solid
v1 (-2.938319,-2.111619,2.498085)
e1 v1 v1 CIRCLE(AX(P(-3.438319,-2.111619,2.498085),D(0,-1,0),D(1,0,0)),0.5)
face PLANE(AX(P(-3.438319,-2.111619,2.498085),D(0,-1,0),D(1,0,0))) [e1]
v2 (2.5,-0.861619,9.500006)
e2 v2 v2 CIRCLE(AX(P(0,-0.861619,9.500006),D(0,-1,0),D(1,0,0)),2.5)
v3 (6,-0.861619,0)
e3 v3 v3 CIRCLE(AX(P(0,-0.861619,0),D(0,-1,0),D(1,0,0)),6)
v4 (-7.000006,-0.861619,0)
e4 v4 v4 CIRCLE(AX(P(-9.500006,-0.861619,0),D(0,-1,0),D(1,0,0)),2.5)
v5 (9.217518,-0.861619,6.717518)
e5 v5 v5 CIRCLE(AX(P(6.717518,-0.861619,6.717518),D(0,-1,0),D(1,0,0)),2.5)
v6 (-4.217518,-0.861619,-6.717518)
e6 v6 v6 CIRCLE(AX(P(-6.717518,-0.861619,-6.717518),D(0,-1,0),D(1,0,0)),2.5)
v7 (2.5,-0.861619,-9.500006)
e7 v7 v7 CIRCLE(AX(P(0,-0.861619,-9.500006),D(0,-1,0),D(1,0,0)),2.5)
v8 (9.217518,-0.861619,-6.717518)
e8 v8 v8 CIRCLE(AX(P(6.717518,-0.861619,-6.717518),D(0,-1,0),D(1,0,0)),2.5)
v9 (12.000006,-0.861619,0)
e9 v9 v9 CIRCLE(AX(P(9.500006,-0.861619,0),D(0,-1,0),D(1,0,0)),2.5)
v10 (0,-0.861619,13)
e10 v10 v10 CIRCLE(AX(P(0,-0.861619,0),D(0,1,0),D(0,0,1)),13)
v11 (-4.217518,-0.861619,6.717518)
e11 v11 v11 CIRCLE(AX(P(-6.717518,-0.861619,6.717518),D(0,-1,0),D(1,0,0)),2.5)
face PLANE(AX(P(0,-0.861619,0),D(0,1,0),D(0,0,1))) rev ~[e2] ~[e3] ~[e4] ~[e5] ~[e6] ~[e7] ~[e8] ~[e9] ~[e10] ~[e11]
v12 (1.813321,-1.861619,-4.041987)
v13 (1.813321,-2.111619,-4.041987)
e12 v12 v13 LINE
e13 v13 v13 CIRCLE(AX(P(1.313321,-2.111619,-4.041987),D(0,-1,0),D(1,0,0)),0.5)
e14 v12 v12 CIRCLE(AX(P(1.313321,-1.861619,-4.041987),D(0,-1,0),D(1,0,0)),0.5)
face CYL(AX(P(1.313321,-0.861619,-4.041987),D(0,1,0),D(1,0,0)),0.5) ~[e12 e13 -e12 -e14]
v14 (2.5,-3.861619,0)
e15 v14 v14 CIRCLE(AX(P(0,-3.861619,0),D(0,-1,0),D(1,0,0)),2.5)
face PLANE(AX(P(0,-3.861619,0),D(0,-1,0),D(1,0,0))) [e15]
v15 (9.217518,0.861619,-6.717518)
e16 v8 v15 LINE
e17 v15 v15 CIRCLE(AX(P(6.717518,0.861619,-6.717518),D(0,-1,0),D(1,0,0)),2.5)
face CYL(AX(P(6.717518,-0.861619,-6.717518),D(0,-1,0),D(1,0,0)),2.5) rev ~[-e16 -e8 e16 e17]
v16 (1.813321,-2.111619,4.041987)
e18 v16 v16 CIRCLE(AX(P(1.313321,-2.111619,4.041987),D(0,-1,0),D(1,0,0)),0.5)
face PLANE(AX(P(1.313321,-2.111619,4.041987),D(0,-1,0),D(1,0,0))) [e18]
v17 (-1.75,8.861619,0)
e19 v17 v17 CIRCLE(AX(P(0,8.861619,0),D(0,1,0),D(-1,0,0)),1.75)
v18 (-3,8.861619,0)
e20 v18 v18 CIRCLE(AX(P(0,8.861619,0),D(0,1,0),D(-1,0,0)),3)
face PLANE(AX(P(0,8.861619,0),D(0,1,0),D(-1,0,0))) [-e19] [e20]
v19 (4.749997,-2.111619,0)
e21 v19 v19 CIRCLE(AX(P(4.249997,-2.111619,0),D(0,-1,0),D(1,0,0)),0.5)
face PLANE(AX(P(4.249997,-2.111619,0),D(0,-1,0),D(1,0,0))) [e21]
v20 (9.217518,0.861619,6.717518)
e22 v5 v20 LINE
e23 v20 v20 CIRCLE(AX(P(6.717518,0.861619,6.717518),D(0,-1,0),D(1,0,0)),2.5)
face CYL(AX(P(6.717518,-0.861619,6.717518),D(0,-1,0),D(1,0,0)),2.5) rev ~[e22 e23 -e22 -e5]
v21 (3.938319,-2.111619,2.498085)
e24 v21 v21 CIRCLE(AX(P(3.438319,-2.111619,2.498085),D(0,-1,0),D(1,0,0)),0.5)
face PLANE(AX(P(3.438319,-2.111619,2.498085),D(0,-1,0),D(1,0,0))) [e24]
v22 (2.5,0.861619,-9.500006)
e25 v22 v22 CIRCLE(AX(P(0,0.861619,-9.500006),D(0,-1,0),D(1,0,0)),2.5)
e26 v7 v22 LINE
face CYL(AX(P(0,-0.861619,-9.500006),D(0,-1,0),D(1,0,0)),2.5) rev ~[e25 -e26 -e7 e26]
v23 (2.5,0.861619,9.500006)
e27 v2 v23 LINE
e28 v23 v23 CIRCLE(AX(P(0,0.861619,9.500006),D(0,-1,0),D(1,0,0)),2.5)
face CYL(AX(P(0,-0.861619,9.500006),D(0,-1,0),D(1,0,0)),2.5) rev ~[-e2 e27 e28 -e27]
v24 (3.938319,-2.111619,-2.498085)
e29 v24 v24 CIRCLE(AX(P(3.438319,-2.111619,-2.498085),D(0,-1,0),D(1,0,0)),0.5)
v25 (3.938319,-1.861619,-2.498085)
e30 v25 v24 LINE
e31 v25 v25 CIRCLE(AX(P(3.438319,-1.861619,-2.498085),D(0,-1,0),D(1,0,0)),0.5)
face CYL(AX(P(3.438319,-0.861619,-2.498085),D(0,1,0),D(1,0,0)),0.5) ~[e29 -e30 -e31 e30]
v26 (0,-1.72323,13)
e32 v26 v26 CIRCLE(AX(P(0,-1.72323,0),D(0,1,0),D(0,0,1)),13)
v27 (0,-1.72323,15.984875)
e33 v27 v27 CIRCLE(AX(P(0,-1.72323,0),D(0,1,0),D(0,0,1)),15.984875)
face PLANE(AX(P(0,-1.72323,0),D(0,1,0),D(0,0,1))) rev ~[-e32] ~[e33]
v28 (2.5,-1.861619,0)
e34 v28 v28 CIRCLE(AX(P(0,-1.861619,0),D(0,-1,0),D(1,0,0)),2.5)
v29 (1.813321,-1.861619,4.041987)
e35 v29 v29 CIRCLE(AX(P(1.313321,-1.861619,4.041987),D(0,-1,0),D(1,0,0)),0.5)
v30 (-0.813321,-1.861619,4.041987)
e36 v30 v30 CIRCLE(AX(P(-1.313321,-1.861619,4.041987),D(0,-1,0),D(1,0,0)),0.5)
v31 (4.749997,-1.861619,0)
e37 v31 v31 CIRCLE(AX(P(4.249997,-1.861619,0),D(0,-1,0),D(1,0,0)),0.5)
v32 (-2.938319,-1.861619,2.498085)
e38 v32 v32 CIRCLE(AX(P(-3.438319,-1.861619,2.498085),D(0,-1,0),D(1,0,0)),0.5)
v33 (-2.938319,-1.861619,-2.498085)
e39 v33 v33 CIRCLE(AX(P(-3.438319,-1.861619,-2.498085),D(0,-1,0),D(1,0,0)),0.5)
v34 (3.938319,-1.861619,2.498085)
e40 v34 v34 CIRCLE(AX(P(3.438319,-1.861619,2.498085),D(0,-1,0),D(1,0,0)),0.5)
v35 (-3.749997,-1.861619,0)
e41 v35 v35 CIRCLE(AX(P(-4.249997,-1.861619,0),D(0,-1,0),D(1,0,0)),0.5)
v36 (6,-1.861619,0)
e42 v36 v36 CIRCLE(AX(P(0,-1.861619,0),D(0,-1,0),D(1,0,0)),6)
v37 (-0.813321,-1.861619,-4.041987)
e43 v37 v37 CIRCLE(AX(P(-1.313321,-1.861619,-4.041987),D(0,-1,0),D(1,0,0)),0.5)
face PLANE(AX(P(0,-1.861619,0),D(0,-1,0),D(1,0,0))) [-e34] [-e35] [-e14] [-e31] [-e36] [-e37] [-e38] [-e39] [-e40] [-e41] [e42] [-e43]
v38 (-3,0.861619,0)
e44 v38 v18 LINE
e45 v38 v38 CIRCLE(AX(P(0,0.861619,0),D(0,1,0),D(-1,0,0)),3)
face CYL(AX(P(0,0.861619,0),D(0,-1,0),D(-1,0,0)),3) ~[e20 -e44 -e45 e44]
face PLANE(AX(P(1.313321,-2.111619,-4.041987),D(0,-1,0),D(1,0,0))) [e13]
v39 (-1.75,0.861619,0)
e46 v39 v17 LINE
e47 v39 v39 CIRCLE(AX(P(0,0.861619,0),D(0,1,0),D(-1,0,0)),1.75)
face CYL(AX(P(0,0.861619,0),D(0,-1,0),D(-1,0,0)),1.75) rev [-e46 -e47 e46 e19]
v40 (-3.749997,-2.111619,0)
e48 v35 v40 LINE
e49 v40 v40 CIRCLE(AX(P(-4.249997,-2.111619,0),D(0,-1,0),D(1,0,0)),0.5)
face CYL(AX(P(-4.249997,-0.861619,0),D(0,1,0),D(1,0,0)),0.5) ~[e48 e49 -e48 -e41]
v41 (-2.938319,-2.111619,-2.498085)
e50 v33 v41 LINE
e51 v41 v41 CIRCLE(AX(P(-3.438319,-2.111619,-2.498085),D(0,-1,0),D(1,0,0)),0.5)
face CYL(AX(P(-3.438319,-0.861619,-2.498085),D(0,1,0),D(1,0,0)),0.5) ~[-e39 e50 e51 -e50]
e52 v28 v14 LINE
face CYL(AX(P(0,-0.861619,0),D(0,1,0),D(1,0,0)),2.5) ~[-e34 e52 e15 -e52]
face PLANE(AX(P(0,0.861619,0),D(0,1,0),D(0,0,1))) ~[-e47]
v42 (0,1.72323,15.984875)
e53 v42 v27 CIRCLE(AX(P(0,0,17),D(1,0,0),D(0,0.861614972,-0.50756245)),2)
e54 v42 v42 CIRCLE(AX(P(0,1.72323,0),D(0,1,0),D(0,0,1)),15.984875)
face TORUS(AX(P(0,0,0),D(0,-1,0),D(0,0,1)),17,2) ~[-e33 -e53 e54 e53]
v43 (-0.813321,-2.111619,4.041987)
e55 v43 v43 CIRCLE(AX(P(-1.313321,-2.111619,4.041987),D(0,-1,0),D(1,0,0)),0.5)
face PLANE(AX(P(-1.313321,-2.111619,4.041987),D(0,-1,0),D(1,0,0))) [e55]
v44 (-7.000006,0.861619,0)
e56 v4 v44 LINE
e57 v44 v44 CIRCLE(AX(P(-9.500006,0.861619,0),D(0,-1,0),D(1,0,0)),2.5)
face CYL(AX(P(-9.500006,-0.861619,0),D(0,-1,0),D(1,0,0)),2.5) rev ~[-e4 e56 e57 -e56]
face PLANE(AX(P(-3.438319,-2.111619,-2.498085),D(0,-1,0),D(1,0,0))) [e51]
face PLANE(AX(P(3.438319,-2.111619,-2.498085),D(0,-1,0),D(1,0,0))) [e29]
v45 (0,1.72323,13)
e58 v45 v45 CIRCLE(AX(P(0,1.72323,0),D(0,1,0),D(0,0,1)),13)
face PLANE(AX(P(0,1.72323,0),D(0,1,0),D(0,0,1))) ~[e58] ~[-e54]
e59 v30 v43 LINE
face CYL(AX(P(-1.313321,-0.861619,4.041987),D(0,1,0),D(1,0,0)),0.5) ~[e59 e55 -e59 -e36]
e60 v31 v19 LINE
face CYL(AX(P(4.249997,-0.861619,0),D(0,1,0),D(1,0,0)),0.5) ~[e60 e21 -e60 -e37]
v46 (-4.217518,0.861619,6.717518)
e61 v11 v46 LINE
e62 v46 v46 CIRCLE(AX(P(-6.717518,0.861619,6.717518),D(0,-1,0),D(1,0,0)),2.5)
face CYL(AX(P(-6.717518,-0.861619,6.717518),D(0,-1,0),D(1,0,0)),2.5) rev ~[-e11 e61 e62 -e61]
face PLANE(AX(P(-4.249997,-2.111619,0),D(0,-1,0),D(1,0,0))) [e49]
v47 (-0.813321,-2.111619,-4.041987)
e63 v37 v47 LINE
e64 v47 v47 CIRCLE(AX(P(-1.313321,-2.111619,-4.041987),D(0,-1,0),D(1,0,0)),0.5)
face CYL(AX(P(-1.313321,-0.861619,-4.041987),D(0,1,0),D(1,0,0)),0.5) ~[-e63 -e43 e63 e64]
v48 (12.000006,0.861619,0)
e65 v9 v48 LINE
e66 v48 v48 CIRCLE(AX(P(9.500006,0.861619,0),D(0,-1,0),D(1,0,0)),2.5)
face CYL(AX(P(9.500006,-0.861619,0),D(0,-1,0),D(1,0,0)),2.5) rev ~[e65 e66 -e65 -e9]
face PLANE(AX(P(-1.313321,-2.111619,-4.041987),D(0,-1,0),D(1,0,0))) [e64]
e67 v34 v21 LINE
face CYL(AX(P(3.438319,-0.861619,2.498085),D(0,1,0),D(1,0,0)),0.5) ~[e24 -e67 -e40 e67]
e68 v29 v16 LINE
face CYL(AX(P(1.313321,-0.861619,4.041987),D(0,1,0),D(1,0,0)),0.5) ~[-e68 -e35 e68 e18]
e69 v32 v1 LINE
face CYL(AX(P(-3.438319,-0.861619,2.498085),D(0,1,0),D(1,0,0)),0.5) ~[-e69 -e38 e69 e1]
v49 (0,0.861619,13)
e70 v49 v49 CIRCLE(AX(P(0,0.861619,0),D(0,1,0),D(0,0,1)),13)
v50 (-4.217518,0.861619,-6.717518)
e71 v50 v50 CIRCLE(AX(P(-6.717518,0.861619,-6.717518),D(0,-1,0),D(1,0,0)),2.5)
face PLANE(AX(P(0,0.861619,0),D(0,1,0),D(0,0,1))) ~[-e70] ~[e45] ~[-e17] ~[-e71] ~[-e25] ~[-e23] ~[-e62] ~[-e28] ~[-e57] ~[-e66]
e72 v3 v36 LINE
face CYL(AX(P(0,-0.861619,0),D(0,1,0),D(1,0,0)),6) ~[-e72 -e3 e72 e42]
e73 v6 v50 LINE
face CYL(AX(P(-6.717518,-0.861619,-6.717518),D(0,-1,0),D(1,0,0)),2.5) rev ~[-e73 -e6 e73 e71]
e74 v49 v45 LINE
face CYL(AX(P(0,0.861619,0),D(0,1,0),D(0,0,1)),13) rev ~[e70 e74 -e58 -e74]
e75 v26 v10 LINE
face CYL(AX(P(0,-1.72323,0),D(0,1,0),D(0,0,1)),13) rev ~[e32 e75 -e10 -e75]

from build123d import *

# Parameters (mm, degrees)
F2_R     = 2.5
F3_DEPTH = 25.4
F4_DEPTH = 3
F2_R_2   = 6
F2_R_3   = 0.5
F5_DEPTH = 1
F6_DEPTH = 1.25
F7_R     = 3
F7_R_2   = 1.75
F8_DEPTH = 8


with BuildPart() as f1:
    # F0 (on Right) → F1 (revolve)
    with BuildSketch(Plane.YZ):
        with BuildLine():
            Line((1.72323, 13), (1.72323, 15.984875))
            ThreePointArc((1.72323, 15.984875), (0, 19), (-1.72323, 15.984875))
            Line((-1.72323, 15.984875), (-1.72323, 13))
            Line((-1.72323, 13), (-0.861619, 13))
            Line((-0.861619, 13), (-0.861619, 0))
            Line((-0.861619, 0), (0.861619, 0))
            Line((0.861619, 0), (0.861619, 13))
            Line((0.861619, 13), (1.72323, 13))
        make_face()
    revolve(axis=Axis((0, 0, 0), (0, 1, 0)))

    # F2 (on face) → F3 (cut)
    with BuildSketch(Plane.XZ.offset(0.861619)):
        with Locations((0, 9.500006)):
            Circle(F2_R)
        with Locations((6.717518, 6.717518)):
            Circle(F2_R)
        with Locations((9.500006, 0)):
            Circle(F2_R)
        with Locations((6.717518, -6.717518)):
            Circle(F2_R)
        with Locations((0, -9.500006)):
            Circle(F2_R)
        with Locations((-6.717518, -6.717518)):
            Circle(F2_R)
        with Locations((-9.500006, 0)):
            Circle(F2_R)
        with Locations((-6.717518, 6.717518)):
            Circle(F2_R)
    extrude(amount=-F3_DEPTH, mode=Mode.SUBTRACT)

    # F2 (on face) → F4 (join)
    with BuildSketch(Plane.XZ.offset(0.861619)):
        Circle(F2_R)
    extrude(amount=F4_DEPTH)

    # F2 (on face) → F5 (join)
    with BuildSketch(Plane.XZ.offset(0.861619)):
        Circle(F2_R_2)
        with Locations((-1.313321, -4.041987)):
            Circle(F2_R_3, mode=Mode.SUBTRACT)
        with Locations((-3.438319, -2.498085)):
            Circle(F2_R_3, mode=Mode.SUBTRACT)
        with Locations((1.313321, -4.041987)):
            Circle(F2_R_3, mode=Mode.SUBTRACT)
        with Locations((3.438319, -2.498085)):
            Circle(F2_R_3, mode=Mode.SUBTRACT)
        with Locations((-4.249997, 0)):
            Circle(F2_R_3, mode=Mode.SUBTRACT)
        with Locations((-3.438319, 2.498085)):
            Circle(F2_R_3, mode=Mode.SUBTRACT)
        with Locations((-1.313321, 4.041987)):
            Circle(F2_R_3, mode=Mode.SUBTRACT)
        Circle(F2_R, mode=Mode.SUBTRACT)
        with Locations((4.249997, 0)):
            Circle(F2_R_3, mode=Mode.SUBTRACT)
        with Locations((3.438319, 2.498085)):
            Circle(F2_R_3, mode=Mode.SUBTRACT)
        with Locations((1.313321, 4.041987)):
            Circle(F2_R_3, mode=Mode.SUBTRACT)
    extrude(amount=F5_DEPTH)

    # F2 (on face) → F6 (join)
    with BuildSketch(Plane.XZ.offset(0.861619)):
        with Locations((-1.313321, 4.041987)):
            Circle(F2_R_3)
        with Locations((1.313321, 4.041987)):
            Circle(F2_R_3)
        with Locations((3.438319, 2.498085)):
            Circle(F2_R_3)
        with Locations((4.249997, 0)):
            Circle(F2_R_3)
        with Locations((3.438319, -2.498085)):
            Circle(F2_R_3)
        with Locations((1.313321, -4.041987)):
            Circle(F2_R_3)
        with Locations((-1.313321, -4.041987)):
            Circle(F2_R_3)
        with Locations((-3.438319, -2.498085)):
            Circle(F2_R_3)
        with Locations((-4.249997, 0)):
            Circle(F2_R_3)
        with Locations((-3.438319, 2.498085)):
            Circle(F2_R_3)
    extrude(amount=F6_DEPTH)

    # F7 (on face) → F8 (join)
    with BuildSketch(Plane(origin=(0, 0.861619, 0), x_dir=(-1, 0, 0), z_dir=(0, 1, 0))):
        Circle(F7_R)
        Circle(F7_R_2, mode=Mode.SUBTRACT)
    extrude(amount=F8_DEPTH)


solid = f1.part
